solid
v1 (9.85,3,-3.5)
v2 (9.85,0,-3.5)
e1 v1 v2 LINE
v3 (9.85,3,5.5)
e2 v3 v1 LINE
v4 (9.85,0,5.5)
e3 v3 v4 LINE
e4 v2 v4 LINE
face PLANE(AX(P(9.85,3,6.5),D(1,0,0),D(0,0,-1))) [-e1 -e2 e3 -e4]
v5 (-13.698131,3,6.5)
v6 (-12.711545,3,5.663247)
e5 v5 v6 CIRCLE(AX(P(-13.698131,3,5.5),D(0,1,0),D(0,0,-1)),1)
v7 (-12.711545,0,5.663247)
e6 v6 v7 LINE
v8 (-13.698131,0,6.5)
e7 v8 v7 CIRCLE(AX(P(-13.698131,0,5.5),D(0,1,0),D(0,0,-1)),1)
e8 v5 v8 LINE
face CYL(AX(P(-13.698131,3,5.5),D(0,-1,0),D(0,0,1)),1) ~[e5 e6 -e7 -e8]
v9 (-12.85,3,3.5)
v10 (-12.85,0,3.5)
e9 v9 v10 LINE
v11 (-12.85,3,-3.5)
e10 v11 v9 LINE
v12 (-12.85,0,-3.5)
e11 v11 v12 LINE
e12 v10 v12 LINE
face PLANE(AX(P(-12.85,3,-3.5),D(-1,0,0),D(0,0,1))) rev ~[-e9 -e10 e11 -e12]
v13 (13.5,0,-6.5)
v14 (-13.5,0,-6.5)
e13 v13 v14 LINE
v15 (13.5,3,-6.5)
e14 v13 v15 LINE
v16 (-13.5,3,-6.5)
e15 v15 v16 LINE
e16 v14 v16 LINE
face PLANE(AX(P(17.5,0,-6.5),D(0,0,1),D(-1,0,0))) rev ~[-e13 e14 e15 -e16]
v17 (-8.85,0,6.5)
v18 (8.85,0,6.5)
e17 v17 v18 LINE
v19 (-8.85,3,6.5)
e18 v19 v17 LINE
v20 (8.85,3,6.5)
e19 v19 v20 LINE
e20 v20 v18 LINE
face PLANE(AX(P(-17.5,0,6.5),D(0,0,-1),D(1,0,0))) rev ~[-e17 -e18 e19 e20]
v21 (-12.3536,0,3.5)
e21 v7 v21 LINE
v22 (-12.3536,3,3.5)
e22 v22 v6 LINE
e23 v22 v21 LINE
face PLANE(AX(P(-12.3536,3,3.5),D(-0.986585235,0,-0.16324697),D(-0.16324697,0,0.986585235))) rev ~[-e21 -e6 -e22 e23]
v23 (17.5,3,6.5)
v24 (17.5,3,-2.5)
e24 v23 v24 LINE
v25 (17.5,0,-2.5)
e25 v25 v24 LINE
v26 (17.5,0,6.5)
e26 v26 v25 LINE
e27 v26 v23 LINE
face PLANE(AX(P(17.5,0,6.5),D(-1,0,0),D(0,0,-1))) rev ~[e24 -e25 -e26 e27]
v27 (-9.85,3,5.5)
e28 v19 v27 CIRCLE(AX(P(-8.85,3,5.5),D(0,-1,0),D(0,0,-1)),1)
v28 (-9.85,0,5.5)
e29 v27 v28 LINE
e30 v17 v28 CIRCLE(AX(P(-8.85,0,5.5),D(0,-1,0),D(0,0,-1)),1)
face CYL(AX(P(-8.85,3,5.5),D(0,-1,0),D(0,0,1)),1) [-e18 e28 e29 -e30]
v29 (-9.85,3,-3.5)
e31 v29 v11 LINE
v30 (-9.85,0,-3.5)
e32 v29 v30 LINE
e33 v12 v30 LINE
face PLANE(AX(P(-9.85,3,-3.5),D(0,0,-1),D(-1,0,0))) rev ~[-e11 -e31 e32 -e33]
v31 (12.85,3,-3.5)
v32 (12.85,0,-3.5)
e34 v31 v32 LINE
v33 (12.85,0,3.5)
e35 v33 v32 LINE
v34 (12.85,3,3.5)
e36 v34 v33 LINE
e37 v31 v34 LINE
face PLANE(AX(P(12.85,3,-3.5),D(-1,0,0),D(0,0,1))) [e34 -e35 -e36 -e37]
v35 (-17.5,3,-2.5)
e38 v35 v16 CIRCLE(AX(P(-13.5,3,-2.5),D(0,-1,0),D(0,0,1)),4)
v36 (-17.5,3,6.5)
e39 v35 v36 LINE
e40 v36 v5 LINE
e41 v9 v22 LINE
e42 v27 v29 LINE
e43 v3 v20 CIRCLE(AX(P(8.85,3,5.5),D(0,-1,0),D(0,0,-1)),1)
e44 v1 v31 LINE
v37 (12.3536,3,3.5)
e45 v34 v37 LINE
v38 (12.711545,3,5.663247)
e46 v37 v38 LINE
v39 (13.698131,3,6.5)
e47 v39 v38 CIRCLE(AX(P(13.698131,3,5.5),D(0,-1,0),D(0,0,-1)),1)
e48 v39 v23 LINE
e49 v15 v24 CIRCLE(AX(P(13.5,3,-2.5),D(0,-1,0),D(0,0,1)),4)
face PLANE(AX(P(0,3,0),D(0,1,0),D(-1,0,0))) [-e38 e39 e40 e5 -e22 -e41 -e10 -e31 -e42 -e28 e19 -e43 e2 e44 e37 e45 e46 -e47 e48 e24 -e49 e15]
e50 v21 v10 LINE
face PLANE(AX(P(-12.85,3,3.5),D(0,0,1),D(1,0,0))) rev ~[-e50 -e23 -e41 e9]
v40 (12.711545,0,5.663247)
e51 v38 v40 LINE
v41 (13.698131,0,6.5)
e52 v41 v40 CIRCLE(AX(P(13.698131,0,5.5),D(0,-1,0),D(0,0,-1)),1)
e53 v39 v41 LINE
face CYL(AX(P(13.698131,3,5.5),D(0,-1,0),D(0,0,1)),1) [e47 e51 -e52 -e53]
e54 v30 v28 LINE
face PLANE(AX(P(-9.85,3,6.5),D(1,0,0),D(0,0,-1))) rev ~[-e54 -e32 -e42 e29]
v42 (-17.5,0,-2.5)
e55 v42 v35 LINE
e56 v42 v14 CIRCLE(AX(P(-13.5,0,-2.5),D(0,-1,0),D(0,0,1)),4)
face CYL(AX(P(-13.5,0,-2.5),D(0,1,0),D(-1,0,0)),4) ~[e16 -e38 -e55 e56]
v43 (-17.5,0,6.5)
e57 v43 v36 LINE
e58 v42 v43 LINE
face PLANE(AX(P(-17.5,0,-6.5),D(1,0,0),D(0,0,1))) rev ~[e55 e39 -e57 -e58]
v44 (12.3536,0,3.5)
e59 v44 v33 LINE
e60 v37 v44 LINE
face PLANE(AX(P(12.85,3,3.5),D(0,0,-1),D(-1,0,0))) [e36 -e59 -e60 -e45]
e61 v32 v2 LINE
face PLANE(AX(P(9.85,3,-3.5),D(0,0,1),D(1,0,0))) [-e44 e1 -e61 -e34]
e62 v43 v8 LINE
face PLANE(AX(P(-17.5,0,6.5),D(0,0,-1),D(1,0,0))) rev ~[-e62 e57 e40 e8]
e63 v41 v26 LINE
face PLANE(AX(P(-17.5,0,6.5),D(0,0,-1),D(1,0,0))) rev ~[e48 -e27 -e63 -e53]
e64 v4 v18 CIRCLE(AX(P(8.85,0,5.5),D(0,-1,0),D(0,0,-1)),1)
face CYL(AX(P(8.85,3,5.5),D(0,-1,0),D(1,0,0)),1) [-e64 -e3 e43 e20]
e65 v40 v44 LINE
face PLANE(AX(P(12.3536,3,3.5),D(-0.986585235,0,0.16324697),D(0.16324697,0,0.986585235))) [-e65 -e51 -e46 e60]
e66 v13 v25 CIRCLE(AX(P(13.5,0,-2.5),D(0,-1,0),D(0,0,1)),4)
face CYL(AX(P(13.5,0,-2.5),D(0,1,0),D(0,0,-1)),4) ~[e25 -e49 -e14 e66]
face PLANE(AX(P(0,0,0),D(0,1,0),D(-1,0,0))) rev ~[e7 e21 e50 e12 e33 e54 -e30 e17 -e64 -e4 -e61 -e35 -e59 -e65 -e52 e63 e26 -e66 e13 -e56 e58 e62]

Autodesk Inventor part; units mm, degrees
ref_plane "YZ Plane" through (0, 0, 0) normal (1, 0, 0) x (0, 1, 0)
ref_plane "XZ Plane" through (0, 0, 0) normal (0, 1, 0) x (-1, 0, 0)
ref_plane "XY Plane" through (0, 0, 0) normal (0, 0, 1) x (1, 0, 0)
sketch "Sketch1" plane through (0, 0, 0) normal (0, 1, 0) x (-1, 0, 0)
  line L0 (17.5, 6.5) -> (-17.5, 6.5)
  line L1 (-17.5, 6.5) -> (-17.5, -6.5)
  line L2 (-17.5, -6.5) -> (17.5, -6.5)
  line L3 (17.5, -6.5) -> (17.5, 6.5)
  line L4 (17.5, 6.5) -> (-17.5, -6.5) construction
  line L5 (-17.5, 6.5) -> (17.5, -6.5) construction
  point P0 (0, 0)
  dimension "d0" = 35
  dimension "d1" = 13
extrude "Extrusion1" add sketch "Sketch1" along normal blind 3
fillet "Fillet1" radius 4 2 edges at (-17.5, 1.5, -6.5) (17.5, 1.5, -6.5)
sketch "Sketch2" plane through (0, 3, 0) normal (0, 1, 0) x (1, 0, 0)
  line L0 (13.5, 6.5) -> (-13.5, 6.5) projected
  arc A0 (-13.5, 6.5) -> (-17.5, 2.5) centre (-13.5, 2.5) ccw projected
  line L1 (-17.5, -6.5) -> (17.5, -6.5) projected
  line L2 (17.5, -6.5) -> (17.5, 2.5) projected
  line L3 (-9.85, 3.5) -> (-12.85, 3.5)
  line L4 (-12.85, 3.5) -> (-12.85, -6.5)
  line L5 (-12.85, -6.5) -> (-9.85, -6.5)
  line L6 (-9.85, -6.5) -> (-9.85, 3.5)
  line L7 (-9.85, 3.5) -> (-12.85, -6.5) construction
  line L8 (-12.85, 3.5) -> (-9.85, -6.5) construction
  line L9 (0, 6.5) -> (0, -6.5) construction
  line L10 (0, 0) -> (17.5, 0) construction
  line L11 (-11.35, 6.5) -> (-11.35, -3.5) construction
  line L12 (-12.85, -3.5) -> (-12.3536, -3.5)
  line L13 (-12.3536, -3.5) -> (-12.85, -6.5)
  line L14 (9.85, 3.5) -> (12.85, 3.5)
  line L15 (12.85, 3.5) -> (12.85, -6.5)
  line L16 (12.85, -6.5) -> (9.85, -6.5)
  line L17 (9.85, -6.5) -> (9.85, 3.5)
  line L18 (9.85, 3.5) -> (12.85, -6.5) construction
  line L19 (12.85, 3.5) -> (9.85, -6.5) construction
  line L20 (12.85, -3.5) -> (12.3536, -3.5)
  line L21 (12.3536, -3.5) -> (12.85, -6.5)
  point P0 (-11.35, -1.5)
  point P1 (13.5, 2.5)
  point P2 (11.35, -1.5)
  point P3 (11.35, -3.5)
  dimension "d6" = 9.85
  dimension "d7" = 3
  dimension "d9" = 3
  dimension "d10" = 10
  dimension "d15" = 9.396
  dimension "d16" = 10
extrude "Extrusion2" cut sketch "Sketch2" against normal up to next contours L13 L12 L4 L3 L6 L1 | L17 L14 L15 L20 L21 L1
fillet "Fillet2" radius 1 4 edges at (-12.85, 1.5, 6.5) (-9.85, 1.5, 6.5) (9.85, 1.5, 6.5) (12.85, 1.5, 6.5)
equation "\"BendRadius\" = Thickness"
equation "\"BendReliefWidth\" = Thickness"
equation "\"BendReliefDepth\" = 0.5 * Thickness"
equation "\"CornerReliefSize\" = 4 * Thickness"
equation "\"MinimumRemnant\" = 2 * Thickness"
equation "\"TransitionRadius\" = BendRadius"
equation "\"JacobiRadiusSize\" = Thickness"
equation "\"GapSize\" = Thickness"
equation "\"Thickness\" = 0.5"
properties part number "link" material "Glass"
